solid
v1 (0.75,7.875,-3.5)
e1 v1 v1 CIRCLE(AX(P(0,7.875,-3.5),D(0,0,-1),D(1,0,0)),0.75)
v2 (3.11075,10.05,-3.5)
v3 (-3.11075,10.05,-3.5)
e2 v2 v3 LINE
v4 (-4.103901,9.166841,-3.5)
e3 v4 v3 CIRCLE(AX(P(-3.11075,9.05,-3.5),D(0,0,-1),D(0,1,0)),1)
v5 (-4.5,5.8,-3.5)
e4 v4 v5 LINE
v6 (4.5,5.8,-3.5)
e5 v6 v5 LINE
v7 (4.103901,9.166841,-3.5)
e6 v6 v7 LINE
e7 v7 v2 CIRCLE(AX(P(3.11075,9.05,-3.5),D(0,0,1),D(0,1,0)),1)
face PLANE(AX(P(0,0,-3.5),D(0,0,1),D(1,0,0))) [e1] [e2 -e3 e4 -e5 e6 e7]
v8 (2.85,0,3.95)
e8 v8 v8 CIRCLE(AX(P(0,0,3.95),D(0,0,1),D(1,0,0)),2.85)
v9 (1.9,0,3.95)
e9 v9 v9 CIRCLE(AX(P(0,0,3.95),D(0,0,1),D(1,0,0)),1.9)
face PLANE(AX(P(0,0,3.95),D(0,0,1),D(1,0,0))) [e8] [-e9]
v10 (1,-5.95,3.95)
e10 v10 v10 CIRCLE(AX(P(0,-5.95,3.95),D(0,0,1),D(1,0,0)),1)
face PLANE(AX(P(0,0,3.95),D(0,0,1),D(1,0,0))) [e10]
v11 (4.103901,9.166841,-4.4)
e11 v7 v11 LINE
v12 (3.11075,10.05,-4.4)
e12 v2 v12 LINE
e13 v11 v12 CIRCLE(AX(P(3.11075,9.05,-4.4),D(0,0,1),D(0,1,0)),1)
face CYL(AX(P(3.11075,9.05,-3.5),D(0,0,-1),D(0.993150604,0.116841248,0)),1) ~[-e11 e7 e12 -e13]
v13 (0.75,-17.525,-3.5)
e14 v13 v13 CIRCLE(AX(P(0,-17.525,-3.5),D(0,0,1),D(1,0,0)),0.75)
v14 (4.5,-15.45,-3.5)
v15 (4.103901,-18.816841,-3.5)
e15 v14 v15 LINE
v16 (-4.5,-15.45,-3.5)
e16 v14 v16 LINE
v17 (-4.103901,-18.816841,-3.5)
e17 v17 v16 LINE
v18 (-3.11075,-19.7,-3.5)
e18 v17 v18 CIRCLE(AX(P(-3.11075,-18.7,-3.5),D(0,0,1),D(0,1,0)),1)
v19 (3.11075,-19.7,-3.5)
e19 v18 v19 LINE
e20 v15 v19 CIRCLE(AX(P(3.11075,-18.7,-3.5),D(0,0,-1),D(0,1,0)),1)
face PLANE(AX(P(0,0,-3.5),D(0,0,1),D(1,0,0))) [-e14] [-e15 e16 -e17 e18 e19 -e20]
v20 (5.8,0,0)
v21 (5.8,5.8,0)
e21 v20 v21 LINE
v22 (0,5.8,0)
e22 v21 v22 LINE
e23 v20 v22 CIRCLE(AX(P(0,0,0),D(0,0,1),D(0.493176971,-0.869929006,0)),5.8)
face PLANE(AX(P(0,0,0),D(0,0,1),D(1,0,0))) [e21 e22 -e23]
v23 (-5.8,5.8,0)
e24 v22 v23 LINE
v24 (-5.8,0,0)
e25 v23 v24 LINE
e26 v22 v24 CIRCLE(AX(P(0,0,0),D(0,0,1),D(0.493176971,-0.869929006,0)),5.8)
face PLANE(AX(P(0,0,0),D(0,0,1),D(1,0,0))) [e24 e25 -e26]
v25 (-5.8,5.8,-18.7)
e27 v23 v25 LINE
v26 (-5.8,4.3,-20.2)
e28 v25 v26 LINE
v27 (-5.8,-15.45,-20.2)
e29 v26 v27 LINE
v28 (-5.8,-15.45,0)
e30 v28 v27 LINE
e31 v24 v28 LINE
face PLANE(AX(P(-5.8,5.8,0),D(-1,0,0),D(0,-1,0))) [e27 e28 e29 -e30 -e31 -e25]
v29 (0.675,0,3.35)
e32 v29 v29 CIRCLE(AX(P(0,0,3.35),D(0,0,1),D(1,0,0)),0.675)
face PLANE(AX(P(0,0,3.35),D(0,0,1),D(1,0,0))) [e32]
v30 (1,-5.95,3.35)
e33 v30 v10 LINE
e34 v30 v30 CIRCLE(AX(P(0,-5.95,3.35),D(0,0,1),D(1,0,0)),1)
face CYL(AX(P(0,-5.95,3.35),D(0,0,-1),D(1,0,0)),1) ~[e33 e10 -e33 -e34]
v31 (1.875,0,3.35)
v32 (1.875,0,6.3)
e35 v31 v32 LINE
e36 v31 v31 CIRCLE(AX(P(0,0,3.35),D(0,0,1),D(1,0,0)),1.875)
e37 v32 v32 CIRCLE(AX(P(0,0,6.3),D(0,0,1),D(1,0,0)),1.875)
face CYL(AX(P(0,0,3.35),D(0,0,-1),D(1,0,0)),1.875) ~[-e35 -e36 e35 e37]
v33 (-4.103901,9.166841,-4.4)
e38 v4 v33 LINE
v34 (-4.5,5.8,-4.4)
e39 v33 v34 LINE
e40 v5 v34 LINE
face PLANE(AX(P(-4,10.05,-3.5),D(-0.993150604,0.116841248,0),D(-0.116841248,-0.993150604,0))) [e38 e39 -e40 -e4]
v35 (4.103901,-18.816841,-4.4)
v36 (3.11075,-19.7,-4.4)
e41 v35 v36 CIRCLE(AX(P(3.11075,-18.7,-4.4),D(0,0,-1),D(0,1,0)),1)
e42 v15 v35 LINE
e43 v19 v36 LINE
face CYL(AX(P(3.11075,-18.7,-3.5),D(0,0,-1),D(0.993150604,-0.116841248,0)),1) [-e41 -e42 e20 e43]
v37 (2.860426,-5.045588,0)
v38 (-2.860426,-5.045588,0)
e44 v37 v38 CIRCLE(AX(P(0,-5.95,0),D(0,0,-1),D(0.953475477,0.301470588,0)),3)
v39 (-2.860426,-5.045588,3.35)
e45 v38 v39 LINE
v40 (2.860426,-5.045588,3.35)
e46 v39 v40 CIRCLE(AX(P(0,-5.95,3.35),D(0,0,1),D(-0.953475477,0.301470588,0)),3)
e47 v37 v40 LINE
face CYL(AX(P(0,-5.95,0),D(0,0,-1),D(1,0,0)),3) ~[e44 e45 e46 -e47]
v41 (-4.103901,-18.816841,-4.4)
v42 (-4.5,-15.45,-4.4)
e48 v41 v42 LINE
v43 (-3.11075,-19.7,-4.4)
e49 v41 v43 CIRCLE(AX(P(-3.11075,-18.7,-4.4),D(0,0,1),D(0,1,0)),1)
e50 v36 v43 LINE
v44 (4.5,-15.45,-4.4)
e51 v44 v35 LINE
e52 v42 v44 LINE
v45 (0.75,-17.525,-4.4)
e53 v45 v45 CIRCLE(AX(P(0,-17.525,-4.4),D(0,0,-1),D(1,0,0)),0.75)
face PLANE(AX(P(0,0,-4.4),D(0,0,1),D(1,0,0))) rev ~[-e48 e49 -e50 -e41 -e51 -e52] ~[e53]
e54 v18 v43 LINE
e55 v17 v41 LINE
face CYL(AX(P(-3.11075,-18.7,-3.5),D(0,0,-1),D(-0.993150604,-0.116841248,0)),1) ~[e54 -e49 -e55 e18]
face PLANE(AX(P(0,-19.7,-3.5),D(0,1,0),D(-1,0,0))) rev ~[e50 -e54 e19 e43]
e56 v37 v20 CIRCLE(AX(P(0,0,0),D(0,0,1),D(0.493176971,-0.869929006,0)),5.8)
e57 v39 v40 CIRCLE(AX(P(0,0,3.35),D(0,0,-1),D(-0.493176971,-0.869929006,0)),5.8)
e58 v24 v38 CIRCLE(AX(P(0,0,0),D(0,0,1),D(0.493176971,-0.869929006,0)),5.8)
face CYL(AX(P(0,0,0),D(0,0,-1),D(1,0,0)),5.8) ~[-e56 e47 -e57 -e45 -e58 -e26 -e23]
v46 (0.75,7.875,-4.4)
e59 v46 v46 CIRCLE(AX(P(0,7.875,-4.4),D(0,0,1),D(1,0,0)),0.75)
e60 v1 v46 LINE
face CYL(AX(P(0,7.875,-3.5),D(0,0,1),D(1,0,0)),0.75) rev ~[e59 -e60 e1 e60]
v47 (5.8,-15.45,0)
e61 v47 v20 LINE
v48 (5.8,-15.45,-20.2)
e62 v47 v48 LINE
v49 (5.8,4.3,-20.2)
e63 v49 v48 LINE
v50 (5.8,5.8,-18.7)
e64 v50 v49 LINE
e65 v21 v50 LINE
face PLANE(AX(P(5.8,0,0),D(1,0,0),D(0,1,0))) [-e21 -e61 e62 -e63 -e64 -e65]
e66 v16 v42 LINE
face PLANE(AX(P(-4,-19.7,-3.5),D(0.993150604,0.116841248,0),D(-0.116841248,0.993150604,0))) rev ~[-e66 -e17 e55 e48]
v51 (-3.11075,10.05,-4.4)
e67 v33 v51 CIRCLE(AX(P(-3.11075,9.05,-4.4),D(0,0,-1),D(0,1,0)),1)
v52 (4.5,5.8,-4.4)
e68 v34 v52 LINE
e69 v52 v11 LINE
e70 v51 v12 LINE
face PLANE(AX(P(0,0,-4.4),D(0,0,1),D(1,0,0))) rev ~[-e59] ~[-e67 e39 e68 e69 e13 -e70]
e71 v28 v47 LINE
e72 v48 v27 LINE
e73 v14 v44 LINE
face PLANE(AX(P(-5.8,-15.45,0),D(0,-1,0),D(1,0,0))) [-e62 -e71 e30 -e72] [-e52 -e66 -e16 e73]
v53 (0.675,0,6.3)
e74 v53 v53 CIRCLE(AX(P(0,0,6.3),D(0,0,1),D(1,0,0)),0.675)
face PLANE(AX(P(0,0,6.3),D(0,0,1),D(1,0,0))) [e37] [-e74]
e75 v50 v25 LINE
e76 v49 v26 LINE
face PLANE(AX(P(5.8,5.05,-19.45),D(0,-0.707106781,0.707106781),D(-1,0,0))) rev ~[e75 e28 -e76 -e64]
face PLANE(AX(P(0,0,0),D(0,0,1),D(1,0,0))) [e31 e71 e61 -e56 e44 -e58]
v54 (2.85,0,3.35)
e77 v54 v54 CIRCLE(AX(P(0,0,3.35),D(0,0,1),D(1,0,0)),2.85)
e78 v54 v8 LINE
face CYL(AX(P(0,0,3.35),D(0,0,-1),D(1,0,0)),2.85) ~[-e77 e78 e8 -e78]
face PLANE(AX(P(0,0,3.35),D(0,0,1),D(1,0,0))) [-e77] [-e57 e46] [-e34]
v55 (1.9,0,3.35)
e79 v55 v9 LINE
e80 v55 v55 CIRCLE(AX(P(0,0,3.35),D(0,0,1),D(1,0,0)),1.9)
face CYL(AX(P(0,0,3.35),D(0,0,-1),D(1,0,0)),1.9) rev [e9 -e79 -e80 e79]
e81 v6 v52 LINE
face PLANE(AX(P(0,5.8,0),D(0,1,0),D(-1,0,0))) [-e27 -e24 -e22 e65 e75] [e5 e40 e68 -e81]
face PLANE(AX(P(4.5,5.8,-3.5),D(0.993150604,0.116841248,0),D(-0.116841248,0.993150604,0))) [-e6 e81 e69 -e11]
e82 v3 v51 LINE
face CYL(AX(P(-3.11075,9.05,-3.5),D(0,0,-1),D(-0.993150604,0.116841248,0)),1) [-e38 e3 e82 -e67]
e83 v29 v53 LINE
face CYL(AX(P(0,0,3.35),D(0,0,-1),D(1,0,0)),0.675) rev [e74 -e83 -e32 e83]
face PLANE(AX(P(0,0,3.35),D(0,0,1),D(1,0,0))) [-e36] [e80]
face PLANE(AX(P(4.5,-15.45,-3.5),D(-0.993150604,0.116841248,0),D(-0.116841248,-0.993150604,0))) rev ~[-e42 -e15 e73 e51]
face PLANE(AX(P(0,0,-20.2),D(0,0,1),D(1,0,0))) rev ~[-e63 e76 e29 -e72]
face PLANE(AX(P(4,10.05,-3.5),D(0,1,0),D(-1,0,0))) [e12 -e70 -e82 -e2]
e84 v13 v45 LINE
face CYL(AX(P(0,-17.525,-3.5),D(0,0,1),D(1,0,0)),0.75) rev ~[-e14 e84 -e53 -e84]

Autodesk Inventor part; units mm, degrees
ref_plane "YZ Plane" through (0, 0, 0) normal (1, 0, 0) x (0, 1, 0)
ref_plane "XZ Plane" through (0, 0, 0) normal (0, 1, 0) x (-1, 0, 0)
sketch "Sketch1" plane through (0, 0, 0) normal (0, 0, 1) x (1, 0, 0)
  line L0 (-8.12, 0) -> (8.12, 0) projected
  line L1 (0, -19.7) -> (0, 10.05) projected
  circle A0 centre (0, 0) radius 5.8
  line L2 (-5.8, -15.45) -> (5.8, -15.45)
  line L3 (5.8, -15.45) -> (5.8, 5.8)
  line L4 (5.8, 5.8) -> (-5.8, 5.8)
  line L5 (-5.8, 5.8) -> (-5.8, -15.45)
  line L6 (-5.8, -15.45) -> (5.8, 5.8) construction
  line L7 (5.8, -15.45) -> (-5.8, 5.8) construction
  circle A1 centre (0, -5.95) radius 3
  point P0 (0, -4.825)
  point P1 (0, -8.95)
  dimension "d4" = 6
  dimension "d0" = 21.25
  dimension "d1" = 11.6
  dimension "d5" = 6.5
extrude "Extrusion1" add sketch "Sketch1" against normal blind 20.2
extrude "Extrusion2" add sketch "Sketch1" along normal blind 3.35 contours A0 L1 L0 | L0 L1 A1 A0 | L1 A0 L0 | L0 A0 A1 L1 | A1 L1 A0 | A0 L1 A1 | A1 A0 L1 | A0 A1 L1
sketch "Sketch2" plane through (0, 0, 3.35) normal (0, 0, 1) x (1, 0, 0)
  arc A0 (2.8604, -5.0456) -> (-2.8604, -5.0456) centre (0, 0) ccw projected
  arc A1 (-2.8604, -5.0456) -> (2.8604, -5.0456) centre (0, -5.95) ccw projected
  circle A2 centre (0, -5.95) radius 1
  circle A3 centre (0, 0) radius 2.85
  circle A4 centre (0, 0) radius 1.9
  circle A5 centre (0, 0) radius 1.875
  circle A6 centre (0, 0) radius 0.675
  dimension "d9" = 5.7
  dimension "d10" = 2
  dimension "d11" = 3.8
  dimension "d14" = 3.75
  dimension "d17" = 1.35
extrude "Extrusion3" add sketch "Sketch2" along normal blind 0.6 contours A2 | A3
extrude "Extrusion4" add sketch "Sketch2" along normal blind 2.95 contours A5
ref_plane "Work Plane1" through (0, 0, -3.5) normal (0, 0, 1) x (1, 0, 0)
sketch "Sketch3" plane through (0, 0, -3.5) normal (0, 0, 1) x (1, 0, 0)
  line L0 (5.8, 5.8) -> (0, 5.8) projected
  line L1 (-5.8, 5.8) -> (5.8, 5.8) projected
  line L2 (0, 5.8) -> (-5.8, 5.8) projected
  line L3 (-5.8, -15.45) -> (5.8, -15.45) projected
  line L4 (5.8, -15.45) -> (-5.8, -15.45) projected
  line L5 (0, -19.7) -> (0, 10.05) projected
  line L6 (-5.8, 5.8) -> (-5.8, 0) projected
  line L7 (-5.8, -15.45) -> (-5.8, 5.8) projected
  line L8 (-5.8, 0) -> (-5.8, -15.45) projected
  line L9 (5.8, -15.45) -> (5.8, 0) projected
  line L10 (5.8, 5.8) -> (5.8, -15.45) projected
  line L11 (5.8, 0) -> (5.8, 5.8) projected
  line L12 (5.8, -4.825) -> (-5.8, -4.825)
  line L13 (-4.5, 5.8) -> (4.5, 5.8)
  line L14 (4.5, 5.8) -> (4, 10.05)
  line L15 (4, 10.05) -> (-4, 10.05)
  line L16 (-4, 10.05) -> (-4.5, 5.8)
  circle A0 centre (0, 7.875) radius 0.75
  line L17 (-4.5, -15.45) -> (4.5, -15.45)
  line L18 (4.5, -15.45) -> (4, -19.7)
  line L19 (4, -19.7) -> (-4, -19.7)
  line L20 (-4, -19.7) -> (-4.5, -15.45)
  circle A1 centre (0, -17.525) radius 0.75
  point P0 (0, 0)
  dimension "d19" = 1.5
  dimension "d20" = 9
  dimension "d21" = 8
  dimension "d22" = 4.25
  dimension "d23" = 25.4
extrude "Extrusion5" add sketch "Sketch3" against normal blind 0.9 contours L0 L5 A0 L15 L14 | L1 L16 L15 L5 A0 | L5 A1 L19 L20 L3 | L3 L18 L19 L5 A1
fillet "Fillet1" radius 1 4 edges at (4, -19.7, -3.95) (-4, -19.7, -3.95) (4, 10.05, -3.95) (-4, 10.05, -3.95)
chamfer "Chamfer1" distance 1.5 angle 45 1 edges at (0, 5.8, -20.2)
sketch "Sketch4" plane through (0, 0, -4.4) normal (0, 0, -1) x (-1, 0, 0)
  arc A0 (4.1039, 9.1668) -> (3.1108, 10.05) centre (3.1108, 9.05) ccw projected
  line L0 (3.1108, 10.05) -> (-3.1108, 10.05) projected
  arc A1 (-3.1108, 10.05) -> (-4.1039, 9.1668) centre (-3.1108, 9.05) ccw projected
  line L1 (-4.1039, 9.1668) -> (-4.5, 5.8) projected
  line L2 (4.5, 5.8) -> (-4.5, 5.8) projected
  line L3 (4.5, 5.8) -> (4.1039, 9.1668) projected
  circle A2 centre (0, 7.875) radius 0.75 projected
  point P0 (0, 0)
extrude "BREAK_DA_TAB" [suppressed]
properties part number "empty"
